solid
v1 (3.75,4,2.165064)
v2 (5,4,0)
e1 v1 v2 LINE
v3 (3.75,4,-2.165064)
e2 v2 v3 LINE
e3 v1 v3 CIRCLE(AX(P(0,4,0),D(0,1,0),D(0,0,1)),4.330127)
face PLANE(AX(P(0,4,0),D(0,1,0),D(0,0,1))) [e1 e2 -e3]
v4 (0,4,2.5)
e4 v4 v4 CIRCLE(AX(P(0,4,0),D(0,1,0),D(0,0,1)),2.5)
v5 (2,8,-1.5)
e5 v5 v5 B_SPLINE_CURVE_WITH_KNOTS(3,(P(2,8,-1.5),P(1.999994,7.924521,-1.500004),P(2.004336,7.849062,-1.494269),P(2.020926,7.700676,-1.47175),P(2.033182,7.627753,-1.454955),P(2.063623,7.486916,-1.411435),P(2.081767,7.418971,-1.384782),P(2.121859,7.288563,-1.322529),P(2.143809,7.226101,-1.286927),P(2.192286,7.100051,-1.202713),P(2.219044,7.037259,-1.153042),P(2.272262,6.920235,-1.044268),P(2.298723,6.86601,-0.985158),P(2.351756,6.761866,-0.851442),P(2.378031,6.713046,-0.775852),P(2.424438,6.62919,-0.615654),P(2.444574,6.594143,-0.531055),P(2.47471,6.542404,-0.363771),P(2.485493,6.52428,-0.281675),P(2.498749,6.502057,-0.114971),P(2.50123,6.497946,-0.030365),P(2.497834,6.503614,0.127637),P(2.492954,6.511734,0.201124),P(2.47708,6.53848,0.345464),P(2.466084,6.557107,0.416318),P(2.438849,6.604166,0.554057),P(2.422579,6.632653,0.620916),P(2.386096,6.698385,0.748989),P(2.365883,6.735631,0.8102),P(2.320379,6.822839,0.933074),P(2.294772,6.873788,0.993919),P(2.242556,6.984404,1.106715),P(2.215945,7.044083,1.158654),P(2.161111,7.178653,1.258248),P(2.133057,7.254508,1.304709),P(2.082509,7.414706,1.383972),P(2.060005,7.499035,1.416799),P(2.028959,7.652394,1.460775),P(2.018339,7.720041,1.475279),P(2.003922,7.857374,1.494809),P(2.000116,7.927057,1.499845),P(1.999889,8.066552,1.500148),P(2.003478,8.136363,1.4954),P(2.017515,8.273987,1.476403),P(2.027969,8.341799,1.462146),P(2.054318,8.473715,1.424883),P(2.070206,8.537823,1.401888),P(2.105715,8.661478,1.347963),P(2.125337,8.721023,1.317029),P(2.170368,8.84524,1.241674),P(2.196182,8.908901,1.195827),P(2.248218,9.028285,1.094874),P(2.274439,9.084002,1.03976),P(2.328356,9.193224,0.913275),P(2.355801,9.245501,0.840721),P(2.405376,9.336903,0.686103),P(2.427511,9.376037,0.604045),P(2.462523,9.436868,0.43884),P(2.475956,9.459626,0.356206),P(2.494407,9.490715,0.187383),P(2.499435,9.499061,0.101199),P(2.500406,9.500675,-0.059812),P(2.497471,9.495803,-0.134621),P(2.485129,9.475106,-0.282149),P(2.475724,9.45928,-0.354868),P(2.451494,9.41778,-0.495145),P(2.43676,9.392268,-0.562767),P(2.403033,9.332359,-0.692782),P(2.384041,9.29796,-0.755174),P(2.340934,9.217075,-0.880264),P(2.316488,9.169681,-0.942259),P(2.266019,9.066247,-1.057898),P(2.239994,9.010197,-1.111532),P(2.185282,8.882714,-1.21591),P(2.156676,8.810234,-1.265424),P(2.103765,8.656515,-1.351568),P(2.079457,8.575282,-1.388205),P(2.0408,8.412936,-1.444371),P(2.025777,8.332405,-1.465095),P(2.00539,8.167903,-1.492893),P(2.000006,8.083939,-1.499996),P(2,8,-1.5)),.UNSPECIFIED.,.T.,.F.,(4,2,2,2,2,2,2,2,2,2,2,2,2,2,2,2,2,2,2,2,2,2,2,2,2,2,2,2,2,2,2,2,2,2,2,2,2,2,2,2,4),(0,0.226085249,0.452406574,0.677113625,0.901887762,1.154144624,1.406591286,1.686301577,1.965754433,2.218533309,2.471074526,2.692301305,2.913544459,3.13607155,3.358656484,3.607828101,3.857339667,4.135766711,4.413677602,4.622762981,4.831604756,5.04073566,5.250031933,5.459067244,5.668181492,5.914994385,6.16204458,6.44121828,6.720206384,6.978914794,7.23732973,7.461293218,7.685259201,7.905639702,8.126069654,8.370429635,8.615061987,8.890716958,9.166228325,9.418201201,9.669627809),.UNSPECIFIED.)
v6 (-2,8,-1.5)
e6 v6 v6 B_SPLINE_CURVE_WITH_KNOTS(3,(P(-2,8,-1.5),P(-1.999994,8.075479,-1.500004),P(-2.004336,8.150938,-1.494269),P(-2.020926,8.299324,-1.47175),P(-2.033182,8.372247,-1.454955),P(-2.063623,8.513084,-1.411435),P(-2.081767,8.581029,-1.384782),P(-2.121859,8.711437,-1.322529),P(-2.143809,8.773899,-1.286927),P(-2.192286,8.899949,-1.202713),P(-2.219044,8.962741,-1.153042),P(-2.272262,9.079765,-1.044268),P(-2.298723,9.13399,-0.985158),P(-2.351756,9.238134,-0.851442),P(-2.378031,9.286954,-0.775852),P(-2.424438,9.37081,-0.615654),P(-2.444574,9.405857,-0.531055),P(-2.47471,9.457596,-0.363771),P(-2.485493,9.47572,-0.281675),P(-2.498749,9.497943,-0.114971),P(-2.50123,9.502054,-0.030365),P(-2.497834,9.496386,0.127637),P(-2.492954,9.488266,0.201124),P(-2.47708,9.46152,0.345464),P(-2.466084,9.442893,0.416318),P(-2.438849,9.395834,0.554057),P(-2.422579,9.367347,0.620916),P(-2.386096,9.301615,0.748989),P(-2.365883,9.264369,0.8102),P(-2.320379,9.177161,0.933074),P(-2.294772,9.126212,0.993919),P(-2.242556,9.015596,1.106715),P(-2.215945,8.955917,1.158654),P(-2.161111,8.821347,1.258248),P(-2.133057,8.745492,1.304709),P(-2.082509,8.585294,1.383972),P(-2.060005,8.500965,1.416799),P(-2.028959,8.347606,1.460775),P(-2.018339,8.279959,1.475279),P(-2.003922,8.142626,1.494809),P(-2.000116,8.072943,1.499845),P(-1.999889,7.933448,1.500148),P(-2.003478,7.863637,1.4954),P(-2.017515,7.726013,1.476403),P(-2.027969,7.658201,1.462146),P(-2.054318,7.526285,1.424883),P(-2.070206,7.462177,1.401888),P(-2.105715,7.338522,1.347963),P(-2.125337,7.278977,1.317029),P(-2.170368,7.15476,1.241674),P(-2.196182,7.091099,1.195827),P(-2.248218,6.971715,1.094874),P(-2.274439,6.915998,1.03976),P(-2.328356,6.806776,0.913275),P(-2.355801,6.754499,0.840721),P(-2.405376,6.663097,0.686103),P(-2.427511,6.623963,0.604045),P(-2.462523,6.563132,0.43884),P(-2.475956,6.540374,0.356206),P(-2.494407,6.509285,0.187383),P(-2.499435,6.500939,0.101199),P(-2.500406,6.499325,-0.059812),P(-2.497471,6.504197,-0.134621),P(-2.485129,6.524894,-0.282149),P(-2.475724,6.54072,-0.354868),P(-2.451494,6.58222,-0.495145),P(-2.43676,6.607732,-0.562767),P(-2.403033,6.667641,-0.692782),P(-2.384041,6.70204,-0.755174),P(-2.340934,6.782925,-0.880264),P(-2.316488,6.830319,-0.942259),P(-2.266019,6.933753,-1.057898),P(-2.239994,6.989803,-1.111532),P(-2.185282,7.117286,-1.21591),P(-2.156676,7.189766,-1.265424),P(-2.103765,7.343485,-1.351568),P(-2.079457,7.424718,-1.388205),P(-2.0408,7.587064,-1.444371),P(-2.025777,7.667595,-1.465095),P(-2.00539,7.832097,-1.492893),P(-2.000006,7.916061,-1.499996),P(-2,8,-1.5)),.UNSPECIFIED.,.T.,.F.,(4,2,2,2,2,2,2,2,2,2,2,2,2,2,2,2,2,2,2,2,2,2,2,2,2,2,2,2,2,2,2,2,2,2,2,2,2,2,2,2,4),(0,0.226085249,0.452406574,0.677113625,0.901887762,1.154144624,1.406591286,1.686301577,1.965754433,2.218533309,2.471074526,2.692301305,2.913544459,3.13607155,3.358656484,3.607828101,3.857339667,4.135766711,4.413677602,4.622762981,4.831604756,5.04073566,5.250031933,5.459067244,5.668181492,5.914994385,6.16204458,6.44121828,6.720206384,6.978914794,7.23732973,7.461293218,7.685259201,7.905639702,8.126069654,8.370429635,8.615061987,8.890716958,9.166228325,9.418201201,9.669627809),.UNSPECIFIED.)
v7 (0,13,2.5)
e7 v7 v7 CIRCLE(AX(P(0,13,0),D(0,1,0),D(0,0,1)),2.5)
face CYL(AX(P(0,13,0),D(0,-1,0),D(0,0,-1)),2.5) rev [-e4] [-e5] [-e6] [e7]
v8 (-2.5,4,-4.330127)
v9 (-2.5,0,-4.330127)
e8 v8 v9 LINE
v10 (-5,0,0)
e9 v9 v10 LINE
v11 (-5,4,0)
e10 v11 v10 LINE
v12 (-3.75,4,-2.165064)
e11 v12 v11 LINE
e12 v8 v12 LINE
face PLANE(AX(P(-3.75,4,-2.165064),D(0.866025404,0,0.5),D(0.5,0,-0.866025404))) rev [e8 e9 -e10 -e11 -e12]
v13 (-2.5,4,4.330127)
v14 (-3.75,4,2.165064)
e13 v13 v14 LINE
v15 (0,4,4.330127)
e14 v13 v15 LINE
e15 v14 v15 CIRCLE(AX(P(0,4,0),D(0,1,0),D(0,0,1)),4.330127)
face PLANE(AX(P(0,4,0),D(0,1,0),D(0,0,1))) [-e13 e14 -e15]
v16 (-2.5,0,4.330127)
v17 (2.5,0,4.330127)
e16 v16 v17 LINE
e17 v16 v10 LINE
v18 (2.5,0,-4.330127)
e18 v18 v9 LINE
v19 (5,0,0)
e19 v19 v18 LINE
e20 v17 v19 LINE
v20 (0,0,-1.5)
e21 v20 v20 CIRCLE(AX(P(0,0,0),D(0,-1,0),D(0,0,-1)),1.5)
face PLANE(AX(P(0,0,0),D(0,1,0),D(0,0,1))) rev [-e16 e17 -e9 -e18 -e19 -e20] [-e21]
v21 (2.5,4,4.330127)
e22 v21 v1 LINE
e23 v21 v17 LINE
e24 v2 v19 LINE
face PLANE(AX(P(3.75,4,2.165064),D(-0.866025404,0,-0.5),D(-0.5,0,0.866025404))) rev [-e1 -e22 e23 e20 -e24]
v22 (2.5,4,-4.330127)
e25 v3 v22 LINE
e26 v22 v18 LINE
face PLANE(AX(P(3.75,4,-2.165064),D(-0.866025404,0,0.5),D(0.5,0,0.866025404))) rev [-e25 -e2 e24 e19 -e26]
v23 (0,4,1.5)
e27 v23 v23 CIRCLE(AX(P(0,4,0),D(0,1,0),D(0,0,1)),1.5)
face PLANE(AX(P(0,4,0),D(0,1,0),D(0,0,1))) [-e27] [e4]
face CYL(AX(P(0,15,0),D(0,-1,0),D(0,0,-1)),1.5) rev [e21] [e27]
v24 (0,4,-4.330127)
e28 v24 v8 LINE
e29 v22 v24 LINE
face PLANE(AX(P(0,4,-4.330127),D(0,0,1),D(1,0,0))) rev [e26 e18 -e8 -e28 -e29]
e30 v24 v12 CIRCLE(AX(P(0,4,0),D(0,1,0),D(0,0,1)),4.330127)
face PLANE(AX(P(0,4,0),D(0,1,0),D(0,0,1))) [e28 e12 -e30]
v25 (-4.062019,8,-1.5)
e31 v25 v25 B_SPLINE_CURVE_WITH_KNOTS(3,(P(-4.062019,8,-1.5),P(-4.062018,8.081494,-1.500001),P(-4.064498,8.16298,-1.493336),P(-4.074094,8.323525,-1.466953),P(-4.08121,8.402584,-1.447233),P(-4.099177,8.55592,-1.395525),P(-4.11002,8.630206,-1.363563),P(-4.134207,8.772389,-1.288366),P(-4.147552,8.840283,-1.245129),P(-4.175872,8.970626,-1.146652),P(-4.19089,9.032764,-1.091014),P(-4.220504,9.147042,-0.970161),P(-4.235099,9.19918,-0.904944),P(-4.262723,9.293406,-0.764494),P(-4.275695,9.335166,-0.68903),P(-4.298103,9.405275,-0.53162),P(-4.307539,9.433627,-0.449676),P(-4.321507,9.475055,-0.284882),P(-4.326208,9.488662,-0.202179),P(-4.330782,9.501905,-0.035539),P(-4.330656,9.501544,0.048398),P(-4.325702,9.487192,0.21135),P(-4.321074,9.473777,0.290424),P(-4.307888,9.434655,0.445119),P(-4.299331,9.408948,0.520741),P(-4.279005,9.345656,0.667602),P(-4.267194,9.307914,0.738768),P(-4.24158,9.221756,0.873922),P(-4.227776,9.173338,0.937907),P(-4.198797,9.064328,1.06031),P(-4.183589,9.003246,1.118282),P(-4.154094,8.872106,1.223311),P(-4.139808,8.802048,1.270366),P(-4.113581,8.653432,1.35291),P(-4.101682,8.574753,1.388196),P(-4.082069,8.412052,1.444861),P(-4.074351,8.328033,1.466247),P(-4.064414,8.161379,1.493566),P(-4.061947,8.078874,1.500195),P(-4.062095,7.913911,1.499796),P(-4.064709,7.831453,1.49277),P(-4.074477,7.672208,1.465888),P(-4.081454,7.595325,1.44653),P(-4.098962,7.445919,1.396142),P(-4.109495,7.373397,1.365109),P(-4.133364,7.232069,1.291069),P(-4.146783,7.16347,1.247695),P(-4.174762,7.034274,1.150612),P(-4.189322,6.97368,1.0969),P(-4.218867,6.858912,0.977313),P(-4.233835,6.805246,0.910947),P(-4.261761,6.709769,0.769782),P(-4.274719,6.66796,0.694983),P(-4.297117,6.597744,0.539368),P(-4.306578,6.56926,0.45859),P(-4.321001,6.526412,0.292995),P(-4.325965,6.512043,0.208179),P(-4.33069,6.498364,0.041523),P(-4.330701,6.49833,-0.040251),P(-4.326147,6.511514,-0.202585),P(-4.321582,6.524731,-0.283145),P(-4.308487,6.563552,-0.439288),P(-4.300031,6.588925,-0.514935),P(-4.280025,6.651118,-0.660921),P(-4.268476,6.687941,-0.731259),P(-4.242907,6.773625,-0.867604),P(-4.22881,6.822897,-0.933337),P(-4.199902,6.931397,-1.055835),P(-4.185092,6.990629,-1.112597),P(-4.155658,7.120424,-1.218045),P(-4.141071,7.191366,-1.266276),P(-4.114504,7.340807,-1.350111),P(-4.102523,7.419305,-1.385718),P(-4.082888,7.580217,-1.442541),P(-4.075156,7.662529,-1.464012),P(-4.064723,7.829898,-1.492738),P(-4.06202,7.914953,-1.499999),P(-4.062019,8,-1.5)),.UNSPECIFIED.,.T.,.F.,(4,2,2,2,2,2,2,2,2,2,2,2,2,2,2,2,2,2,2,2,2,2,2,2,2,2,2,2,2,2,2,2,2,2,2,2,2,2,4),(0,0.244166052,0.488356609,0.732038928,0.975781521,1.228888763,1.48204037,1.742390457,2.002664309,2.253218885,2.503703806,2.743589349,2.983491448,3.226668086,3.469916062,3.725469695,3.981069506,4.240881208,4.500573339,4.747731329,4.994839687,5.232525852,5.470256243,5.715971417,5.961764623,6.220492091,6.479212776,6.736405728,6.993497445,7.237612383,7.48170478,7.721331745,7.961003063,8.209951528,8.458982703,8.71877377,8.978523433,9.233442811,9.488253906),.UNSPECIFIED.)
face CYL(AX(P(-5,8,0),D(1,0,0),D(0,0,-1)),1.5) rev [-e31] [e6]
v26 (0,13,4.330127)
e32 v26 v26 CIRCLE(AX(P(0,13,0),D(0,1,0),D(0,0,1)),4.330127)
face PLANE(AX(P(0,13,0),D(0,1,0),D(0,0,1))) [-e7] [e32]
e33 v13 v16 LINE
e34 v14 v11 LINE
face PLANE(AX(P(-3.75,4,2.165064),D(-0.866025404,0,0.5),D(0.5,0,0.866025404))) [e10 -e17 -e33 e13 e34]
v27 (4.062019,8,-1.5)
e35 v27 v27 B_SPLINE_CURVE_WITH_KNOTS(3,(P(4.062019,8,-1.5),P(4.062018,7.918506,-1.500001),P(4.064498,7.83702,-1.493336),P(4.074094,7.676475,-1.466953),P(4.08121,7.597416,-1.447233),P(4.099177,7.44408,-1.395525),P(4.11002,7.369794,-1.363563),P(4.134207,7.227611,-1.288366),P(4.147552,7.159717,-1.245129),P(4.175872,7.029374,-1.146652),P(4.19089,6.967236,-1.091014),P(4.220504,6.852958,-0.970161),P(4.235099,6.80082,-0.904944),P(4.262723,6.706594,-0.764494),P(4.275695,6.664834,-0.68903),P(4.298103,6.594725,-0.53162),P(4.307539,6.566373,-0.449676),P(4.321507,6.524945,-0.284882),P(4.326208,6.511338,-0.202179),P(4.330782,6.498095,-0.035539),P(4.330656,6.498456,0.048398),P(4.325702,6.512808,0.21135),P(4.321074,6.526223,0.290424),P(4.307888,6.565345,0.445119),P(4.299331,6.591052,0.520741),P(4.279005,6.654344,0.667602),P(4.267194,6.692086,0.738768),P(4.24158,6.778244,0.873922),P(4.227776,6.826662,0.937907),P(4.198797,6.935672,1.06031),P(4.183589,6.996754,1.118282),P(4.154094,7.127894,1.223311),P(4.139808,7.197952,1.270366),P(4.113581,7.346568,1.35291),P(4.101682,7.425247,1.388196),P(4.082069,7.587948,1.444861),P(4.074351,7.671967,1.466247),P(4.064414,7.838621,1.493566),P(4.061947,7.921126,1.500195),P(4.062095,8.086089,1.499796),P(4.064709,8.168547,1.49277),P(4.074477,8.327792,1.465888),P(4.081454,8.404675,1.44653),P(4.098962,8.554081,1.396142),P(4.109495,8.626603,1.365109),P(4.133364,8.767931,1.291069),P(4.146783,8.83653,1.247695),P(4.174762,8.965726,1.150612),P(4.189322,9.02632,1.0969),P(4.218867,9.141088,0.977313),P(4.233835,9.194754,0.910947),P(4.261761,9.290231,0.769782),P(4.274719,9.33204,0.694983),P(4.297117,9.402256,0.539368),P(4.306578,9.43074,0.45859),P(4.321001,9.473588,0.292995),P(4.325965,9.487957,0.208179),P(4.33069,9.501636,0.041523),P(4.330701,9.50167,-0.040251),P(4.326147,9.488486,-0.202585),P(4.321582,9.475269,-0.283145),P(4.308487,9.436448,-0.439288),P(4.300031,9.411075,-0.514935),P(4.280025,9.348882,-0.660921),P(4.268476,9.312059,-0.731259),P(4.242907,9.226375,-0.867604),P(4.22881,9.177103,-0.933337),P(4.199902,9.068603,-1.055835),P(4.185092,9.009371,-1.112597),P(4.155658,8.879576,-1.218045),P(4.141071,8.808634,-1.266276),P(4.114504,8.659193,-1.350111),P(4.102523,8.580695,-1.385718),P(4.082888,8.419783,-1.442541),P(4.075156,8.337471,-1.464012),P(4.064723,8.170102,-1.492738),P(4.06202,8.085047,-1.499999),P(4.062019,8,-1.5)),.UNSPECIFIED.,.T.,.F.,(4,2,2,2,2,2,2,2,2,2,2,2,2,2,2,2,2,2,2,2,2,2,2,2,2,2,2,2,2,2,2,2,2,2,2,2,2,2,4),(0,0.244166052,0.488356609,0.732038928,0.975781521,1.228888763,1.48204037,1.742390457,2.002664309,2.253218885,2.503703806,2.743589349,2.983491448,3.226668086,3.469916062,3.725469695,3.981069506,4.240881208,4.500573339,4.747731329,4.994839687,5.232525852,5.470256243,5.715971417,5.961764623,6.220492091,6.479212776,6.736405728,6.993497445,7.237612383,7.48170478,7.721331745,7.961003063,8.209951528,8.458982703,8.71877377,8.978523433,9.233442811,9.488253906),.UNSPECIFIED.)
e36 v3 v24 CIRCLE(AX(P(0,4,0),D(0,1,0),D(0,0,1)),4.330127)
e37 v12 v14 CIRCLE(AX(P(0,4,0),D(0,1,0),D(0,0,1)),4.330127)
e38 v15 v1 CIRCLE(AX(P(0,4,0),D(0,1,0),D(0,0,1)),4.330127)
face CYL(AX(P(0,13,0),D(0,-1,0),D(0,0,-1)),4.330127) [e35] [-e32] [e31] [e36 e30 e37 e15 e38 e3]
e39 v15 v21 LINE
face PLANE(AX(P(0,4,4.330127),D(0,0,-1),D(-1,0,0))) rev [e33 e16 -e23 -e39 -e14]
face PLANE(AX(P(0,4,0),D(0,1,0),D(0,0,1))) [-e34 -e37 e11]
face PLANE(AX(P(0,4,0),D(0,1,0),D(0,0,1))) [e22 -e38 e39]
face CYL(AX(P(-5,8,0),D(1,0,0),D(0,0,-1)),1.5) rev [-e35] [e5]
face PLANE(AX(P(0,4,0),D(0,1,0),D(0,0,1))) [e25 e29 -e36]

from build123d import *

# Parameters (mm, degrees)
EXTRUDE_1_DEPTH          = 4
SKETCH_3_R               = 4.330127019
SKETCH_3_R_2             = 2.5
EXTRUDE_2_DEPTH          = 9
SKETCH_4_R               = 1.5
CUT_EXTRUDE_1_DEPTH      = 15
CUT_EXTRUDE_2_DEPTH      = 15.585952146
CUT_EXTRUDE_2_DEPTH_BACK = 15.585952146
SKETCH_5_R               = 1.5


with BuildPart() as part:
    # 草图2 → 凸台-拉伸1 (new body)
    with BuildSketch(Plane(origin=(0, 0, 0), x_dir=(1, 0, 0), z_dir=(0, 1, 0))):
        Polygon((0, 0), (-2.5, 4.330127019), (-5, 0), align=None)
        Polygon((-2.5, -4.330127019), (-5, 0), (0, 0), align=None)
        Polygon((0, 0), (-2.5, -4.330127019), (2.5, -4.330127019), align=None)
        Polygon((0, 0), (2.5, -4.330127019), (5, 0), align=None)
        Polygon((0, 0), (5, 0), (2.5, 4.330127019), align=None)
        Polygon((0, 0), (2.5, 4.330127019), (-2.5, 4.330127019), align=None)
    extrude(amount=EXTRUDE_1_DEPTH)

    # 草图3 → 凸台-拉伸2 (add)
    with BuildSketch(Plane(origin=(0, 4, 0), x_dir=(1, 0, 0), z_dir=(0, 1, 0))):
        with Locations(Location((0, 0, 0), (0, 0, 270))):
            Circle(SKETCH_3_R)
        with Locations(Location((0, 0, 0), (0, 0, 270))):
            Circle(SKETCH_3_R_2, mode=Mode.SUBTRACT)
    extrude(amount=EXTRUDE_2_DEPTH)

    # 草图4 → 切除-拉伸1 (cut)
    with BuildSketch(Plane.XZ):
        with Locations(Location((0, 0, 0), (0, 0, 270))):
            Circle(SKETCH_4_R)
    extrude(amount=-CUT_EXTRUDE_1_DEPTH, mode=Mode.SUBTRACT)

    # 草图5 → 切除-拉伸2 (cut, two sides: drawn at the far end of the back side and taken through both)
    with BuildSketch(Plane(origin=(0, 0, 0), x_dir=(0, 0, -1), z_dir=(1, 0, 0)).offset(-CUT_EXTRUDE_2_DEPTH_BACK)):
        with Locations((0, 8)):
            Circle(SKETCH_5_R)
    extrude(amount=CUT_EXTRUDE_2_DEPTH + CUT_EXTRUDE_2_DEPTH_BACK, mode=Mode.SUBTRACT)


solid = part.part
